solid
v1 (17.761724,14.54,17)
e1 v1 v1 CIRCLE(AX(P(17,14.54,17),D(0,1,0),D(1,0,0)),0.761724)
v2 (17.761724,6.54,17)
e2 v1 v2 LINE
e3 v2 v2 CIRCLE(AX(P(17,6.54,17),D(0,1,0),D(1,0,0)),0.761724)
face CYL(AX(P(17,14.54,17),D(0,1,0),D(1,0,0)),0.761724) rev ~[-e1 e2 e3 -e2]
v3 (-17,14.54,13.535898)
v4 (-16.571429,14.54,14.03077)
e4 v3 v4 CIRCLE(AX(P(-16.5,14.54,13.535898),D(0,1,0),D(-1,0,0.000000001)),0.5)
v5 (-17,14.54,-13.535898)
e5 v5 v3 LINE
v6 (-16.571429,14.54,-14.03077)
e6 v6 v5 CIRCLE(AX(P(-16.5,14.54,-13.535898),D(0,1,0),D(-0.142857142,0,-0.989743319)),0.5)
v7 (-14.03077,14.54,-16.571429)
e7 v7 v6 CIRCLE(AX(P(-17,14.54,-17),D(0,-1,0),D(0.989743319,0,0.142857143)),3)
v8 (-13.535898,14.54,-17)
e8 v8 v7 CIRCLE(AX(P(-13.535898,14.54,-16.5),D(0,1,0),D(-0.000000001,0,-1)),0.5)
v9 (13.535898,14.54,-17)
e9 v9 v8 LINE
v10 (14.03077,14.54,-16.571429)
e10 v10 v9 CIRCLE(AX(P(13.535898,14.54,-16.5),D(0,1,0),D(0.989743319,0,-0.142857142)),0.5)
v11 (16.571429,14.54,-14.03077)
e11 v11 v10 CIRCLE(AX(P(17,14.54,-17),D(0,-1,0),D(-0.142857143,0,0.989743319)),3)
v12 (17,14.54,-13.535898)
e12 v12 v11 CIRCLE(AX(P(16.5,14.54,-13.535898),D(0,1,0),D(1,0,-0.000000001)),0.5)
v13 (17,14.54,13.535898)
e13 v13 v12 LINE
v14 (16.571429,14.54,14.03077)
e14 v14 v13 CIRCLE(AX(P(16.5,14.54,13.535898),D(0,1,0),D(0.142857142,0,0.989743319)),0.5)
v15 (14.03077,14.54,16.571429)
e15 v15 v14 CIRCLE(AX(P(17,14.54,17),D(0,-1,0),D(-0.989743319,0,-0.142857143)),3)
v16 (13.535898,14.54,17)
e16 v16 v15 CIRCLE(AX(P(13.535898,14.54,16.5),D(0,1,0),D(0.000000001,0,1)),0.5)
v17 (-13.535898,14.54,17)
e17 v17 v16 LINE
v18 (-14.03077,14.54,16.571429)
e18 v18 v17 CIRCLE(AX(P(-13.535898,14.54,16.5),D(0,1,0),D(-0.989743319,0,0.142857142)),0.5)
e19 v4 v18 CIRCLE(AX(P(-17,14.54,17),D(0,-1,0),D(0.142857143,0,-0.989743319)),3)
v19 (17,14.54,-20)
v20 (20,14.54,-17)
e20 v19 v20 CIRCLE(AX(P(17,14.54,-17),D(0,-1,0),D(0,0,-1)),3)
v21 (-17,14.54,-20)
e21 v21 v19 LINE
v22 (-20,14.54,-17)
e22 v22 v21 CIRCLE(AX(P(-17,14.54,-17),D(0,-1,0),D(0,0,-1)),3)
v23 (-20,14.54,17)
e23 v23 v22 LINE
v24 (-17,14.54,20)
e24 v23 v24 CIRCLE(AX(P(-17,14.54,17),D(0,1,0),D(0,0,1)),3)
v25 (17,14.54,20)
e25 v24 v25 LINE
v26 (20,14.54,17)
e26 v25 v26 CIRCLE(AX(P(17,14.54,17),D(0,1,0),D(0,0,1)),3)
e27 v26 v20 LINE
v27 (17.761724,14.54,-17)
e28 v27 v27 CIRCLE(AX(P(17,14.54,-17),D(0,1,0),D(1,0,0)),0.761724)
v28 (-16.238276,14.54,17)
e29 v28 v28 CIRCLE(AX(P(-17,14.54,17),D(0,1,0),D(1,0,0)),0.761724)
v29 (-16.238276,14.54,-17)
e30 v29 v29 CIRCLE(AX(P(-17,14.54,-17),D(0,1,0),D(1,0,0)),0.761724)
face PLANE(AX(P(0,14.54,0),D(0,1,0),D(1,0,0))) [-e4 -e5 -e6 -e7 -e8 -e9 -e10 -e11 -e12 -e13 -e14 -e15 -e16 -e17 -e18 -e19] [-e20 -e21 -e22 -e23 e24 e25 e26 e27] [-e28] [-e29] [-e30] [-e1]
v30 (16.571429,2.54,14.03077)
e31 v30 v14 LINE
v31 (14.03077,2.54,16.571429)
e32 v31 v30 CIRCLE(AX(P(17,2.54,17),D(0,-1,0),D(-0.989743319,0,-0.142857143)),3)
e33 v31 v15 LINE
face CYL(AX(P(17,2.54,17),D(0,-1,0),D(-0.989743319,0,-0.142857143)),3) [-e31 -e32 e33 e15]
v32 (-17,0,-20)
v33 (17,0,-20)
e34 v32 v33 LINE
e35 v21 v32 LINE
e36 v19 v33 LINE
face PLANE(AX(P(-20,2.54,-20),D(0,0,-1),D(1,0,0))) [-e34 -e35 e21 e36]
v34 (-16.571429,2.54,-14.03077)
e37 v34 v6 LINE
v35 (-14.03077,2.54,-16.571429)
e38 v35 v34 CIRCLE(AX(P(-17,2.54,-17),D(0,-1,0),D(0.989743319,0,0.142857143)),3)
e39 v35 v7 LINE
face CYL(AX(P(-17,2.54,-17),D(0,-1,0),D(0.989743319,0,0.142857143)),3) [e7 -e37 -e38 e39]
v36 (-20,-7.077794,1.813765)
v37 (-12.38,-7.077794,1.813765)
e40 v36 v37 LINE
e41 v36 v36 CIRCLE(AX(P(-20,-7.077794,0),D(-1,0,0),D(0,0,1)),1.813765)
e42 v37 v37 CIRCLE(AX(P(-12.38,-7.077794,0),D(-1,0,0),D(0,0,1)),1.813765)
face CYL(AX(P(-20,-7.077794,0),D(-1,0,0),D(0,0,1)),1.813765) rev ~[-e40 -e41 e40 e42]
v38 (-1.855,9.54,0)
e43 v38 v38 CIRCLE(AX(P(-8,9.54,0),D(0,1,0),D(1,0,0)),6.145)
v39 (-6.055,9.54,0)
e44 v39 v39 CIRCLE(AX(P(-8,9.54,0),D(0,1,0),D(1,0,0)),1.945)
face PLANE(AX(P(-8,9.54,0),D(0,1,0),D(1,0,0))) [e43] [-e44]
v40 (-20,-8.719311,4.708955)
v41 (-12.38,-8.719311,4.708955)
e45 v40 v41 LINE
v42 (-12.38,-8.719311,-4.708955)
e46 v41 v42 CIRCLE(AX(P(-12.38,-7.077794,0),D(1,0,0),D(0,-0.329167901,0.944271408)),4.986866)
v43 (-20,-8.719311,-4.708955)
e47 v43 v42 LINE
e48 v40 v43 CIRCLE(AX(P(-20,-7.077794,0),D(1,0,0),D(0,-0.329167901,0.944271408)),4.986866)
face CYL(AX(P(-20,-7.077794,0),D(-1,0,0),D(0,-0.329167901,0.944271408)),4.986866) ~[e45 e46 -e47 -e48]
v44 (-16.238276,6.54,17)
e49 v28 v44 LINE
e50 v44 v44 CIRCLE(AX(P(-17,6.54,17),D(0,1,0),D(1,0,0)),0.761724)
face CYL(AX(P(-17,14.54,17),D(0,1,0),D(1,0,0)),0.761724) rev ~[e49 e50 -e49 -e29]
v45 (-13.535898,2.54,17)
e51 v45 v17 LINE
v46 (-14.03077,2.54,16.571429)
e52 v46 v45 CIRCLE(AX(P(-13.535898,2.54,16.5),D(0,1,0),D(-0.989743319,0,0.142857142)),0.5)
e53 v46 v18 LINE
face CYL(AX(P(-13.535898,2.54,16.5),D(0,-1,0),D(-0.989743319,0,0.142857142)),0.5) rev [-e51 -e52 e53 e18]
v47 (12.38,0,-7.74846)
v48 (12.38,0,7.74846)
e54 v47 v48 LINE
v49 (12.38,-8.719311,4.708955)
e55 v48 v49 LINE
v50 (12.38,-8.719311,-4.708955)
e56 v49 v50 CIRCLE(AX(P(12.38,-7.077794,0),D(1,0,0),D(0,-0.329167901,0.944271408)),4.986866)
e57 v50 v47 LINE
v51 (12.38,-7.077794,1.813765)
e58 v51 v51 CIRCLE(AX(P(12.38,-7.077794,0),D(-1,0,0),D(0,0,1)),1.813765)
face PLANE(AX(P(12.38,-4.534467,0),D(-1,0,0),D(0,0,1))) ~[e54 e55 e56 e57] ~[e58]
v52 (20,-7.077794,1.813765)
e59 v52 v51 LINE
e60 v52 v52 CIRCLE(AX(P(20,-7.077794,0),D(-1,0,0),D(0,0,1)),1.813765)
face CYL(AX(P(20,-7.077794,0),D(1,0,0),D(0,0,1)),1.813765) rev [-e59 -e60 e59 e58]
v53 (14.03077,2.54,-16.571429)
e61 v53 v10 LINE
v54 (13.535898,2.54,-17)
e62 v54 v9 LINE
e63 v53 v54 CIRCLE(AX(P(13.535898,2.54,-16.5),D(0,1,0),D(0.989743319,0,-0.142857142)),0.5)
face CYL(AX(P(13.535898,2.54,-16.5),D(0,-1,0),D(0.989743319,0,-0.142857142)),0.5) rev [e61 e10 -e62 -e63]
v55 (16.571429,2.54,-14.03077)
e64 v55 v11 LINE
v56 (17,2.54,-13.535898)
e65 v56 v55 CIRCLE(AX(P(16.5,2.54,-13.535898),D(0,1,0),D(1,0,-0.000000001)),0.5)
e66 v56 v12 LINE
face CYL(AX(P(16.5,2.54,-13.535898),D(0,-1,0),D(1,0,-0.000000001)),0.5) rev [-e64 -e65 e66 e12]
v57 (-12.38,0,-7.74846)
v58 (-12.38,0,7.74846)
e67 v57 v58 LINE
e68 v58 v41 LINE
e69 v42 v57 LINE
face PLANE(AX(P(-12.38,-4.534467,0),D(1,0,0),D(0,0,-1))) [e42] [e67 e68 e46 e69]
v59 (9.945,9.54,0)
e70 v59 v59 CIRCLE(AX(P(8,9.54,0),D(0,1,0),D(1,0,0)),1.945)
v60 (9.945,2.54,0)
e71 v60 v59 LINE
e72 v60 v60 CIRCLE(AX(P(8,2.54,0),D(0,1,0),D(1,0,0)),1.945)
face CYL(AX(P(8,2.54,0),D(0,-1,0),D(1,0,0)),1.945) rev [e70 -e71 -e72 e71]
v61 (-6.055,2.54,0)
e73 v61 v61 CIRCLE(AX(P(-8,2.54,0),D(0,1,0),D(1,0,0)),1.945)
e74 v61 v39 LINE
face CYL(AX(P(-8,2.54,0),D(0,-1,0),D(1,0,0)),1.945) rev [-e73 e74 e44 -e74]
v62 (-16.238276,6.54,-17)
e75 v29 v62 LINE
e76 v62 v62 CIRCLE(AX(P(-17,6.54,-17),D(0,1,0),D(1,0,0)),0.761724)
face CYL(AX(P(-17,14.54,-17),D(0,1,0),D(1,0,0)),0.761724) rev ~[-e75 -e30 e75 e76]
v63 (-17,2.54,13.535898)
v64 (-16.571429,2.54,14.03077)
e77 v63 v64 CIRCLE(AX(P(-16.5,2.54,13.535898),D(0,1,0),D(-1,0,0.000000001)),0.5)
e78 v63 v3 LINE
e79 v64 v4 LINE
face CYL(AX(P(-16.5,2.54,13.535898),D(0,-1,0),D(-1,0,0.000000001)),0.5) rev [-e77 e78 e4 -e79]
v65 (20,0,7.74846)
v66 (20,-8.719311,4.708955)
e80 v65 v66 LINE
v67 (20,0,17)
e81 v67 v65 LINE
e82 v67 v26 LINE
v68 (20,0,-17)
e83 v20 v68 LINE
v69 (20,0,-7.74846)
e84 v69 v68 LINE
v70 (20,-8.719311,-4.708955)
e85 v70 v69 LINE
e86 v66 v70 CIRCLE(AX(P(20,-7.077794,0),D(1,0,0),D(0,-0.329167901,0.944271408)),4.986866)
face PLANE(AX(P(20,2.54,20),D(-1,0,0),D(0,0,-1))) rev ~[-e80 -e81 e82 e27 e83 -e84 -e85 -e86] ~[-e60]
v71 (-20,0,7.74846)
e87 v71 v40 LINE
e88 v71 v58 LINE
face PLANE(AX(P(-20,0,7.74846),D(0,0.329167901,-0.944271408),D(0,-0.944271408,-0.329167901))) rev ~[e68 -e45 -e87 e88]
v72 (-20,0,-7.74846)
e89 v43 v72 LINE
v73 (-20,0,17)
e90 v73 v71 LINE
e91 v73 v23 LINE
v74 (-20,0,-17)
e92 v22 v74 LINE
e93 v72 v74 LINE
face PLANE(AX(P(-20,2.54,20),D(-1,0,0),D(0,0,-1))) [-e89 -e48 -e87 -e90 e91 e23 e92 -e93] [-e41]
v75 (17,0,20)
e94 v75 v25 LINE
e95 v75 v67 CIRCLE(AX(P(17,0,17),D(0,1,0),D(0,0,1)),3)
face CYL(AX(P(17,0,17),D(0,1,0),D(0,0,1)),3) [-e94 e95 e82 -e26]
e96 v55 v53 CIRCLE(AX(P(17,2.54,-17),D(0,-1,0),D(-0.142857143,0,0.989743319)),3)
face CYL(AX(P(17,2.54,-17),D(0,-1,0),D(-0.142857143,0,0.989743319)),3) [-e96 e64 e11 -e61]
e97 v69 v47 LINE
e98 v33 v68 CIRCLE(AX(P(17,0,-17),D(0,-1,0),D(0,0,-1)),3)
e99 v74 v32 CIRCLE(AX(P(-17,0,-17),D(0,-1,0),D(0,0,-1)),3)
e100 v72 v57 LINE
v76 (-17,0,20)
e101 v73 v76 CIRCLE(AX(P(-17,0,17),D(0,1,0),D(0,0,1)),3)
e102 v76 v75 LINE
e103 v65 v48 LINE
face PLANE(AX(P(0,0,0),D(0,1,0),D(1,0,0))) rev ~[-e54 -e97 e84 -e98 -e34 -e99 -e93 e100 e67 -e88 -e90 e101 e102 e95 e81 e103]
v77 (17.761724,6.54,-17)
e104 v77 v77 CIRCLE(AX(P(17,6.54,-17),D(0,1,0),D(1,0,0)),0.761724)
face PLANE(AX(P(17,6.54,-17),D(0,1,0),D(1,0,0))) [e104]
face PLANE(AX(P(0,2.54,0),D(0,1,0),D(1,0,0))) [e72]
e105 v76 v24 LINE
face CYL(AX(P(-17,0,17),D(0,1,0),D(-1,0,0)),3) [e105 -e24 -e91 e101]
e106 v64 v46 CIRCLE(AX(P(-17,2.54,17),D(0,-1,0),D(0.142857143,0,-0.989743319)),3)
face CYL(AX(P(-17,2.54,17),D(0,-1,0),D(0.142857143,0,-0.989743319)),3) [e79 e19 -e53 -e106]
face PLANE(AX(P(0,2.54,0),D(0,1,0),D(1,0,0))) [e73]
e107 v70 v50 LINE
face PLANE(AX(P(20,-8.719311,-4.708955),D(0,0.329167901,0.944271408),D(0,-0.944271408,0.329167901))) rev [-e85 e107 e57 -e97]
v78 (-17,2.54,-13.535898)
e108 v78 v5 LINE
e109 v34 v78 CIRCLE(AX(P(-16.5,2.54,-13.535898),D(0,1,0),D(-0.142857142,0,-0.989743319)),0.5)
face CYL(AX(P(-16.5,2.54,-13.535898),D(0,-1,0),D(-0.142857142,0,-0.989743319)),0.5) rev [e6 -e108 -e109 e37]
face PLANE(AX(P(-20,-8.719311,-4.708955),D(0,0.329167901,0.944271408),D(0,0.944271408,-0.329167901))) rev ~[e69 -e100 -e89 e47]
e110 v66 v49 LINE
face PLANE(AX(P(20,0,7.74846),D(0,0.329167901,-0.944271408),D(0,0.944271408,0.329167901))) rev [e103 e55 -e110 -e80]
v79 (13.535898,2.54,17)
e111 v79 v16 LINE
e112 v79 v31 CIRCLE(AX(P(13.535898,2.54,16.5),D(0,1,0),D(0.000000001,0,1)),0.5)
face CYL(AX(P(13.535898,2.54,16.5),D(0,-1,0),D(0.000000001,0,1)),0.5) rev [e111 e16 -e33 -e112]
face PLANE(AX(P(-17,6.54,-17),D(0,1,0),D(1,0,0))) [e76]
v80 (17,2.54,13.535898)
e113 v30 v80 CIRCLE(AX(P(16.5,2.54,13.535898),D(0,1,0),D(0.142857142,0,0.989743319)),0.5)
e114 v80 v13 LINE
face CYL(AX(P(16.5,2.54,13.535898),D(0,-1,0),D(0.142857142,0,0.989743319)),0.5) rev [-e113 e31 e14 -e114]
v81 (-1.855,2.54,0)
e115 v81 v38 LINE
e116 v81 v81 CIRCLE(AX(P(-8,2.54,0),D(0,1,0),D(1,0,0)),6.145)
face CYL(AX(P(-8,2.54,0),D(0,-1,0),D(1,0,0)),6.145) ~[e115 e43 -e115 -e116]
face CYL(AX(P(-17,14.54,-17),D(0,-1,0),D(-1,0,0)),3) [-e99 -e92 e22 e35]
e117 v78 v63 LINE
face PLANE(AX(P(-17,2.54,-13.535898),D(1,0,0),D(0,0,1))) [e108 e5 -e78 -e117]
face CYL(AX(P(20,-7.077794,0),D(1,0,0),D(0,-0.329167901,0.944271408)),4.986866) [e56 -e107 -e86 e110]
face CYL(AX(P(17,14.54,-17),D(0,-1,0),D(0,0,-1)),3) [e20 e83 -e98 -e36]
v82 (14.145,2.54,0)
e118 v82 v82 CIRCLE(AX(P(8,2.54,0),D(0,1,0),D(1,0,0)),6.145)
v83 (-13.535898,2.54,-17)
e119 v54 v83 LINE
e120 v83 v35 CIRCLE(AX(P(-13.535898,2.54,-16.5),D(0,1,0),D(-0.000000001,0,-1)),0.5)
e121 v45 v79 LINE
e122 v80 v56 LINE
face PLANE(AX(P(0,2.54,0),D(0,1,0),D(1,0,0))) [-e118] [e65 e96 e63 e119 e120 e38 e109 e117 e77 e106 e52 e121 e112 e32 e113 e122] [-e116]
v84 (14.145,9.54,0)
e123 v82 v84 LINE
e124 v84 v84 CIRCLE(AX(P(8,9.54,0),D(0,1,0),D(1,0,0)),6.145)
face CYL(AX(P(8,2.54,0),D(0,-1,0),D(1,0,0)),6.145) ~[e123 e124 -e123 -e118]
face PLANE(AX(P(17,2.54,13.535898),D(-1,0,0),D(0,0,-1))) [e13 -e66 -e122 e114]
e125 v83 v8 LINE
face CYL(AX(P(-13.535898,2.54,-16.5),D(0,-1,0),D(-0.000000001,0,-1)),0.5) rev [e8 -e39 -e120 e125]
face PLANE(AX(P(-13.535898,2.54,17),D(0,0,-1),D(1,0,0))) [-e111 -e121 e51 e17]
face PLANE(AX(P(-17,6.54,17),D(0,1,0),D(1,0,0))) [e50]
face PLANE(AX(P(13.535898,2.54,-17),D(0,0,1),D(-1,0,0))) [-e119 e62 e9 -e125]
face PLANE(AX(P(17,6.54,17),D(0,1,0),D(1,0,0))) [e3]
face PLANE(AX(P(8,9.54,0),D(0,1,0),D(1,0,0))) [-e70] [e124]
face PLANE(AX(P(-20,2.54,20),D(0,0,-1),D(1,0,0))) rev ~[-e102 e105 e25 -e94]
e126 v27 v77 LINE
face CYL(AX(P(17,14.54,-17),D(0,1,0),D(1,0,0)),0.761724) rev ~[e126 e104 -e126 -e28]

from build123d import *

# Parameters (mm, degrees)
SKETCH1_W           = 40
SKETCH1_H           = 40
BOSS_EXTRUDE1_DEPTH = 2.54
SKETCH2_W           = 40
SKETCH2_H           = 40
BOSS_EXTRUDE2_DEPTH = 12
SKETCH4_R           = 1.813765306
BOSS_EXTRUDE4_DEPTH = 7.62
SKETCH9_R           = 6.145
SKETCH9_R_2         = 1.945
BOSS_EXTRUDE5_DEPTH = 7
FILLET1_R           = 3
SKETCH10_R          = 0.761723834
CUT_EXTRUDE1_DEPTH  = 8


with BuildPart() as part:
    # Sketch1 → Boss-Extrude1 (new body)
    with BuildSketch(Plane(origin=(0, 0, 0), x_dir=(1, 0, 0), z_dir=(0, 1, 0))):
        Rectangle(SKETCH1_W, SKETCH1_H)
    extrude(amount=BOSS_EXTRUDE1_DEPTH)

    # Sketch2 → Boss-Extrude2 (add)
    with BuildSketch(Plane(origin=(0, 2.54, 0), x_dir=(1, 0, 0), z_dir=(0, 1, 0))):
        Rectangle(SKETCH2_W, SKETCH2_H)
        with BuildLine():
            Line((-17, 13.535898385), (-17, -13.535898385))
            ThreePointArc((-17, -13.535898385), (-16.877964473, -13.86322522), (-16.571428571, -14.030770044))
            ThreePointArc((-16.571428571, -14.030770044), (-14.878679656, -14.878679656), (-14.030770044, -16.571428571))
            ThreePointArc((-14.030770044, -16.571428571), (-13.86322522, -16.877964473), (-13.535898385, -17))
            Line((-13.535898385, -17), (13.535898385, -17))
            ThreePointArc((13.535898385, -17), (13.86322522, -16.877964473), (14.030770044, -16.571428571))
            ThreePointArc((14.030770044, -16.571428571), (14.878679656, -14.878679656), (16.571428571, -14.030770044))
            ThreePointArc((16.571428571, -14.030770044), (16.877964473, -13.86322522), (17, -13.535898385))
            Line((17, -13.535898385), (17, 13.535898385))
            ThreePointArc((17, 13.535898385), (16.877964473, 13.86322522), (16.571428571, 14.030770044))
            ThreePointArc((16.571428571, 14.030770044), (14.878679656, 14.878679656), (14.030770044, 16.571428571))
            ThreePointArc((14.030770044, 16.571428571), (13.86322522, 16.877964473), (13.535898385, 17))
            Line((13.535898385, 17), (-13.535898385, 17))
            ThreePointArc((-13.535898385, 17), (-13.86322522, 16.877964473), (-14.030770044, 16.571428571))
            ThreePointArc((-14.030770044, 16.571428571), (-14.878679656, 14.878679656), (-16.571428571, 14.030770044))
            ThreePointArc((-16.571428571, 14.030770044), (-16.877964473, 13.86322522), (-17, 13.535898385))
        make_face(mode=Mode.SUBTRACT)
    extrude(amount=BOSS_EXTRUDE2_DEPTH)

    # Sketch4 → Boss-Extrude4 (add)
    with BuildSketch(Plane.ZY.offset(20)):
        with BuildLine():
            Line((7.748459825, 0), (4.708955343, -8.719310622))
            ThreePointArc((4.708955343, -8.719310622), (0, -12.064660663), (-4.708955343, -8.719310622))
            Line((-4.708955343, -8.719310622), (-7.748459825, 0))
            Line((-7.748459825, 0), (7.748459825, 0))
        make_face()
        with Locations((0, -7.077794281)):
            Circle(SKETCH4_R, mode=Mode.SUBTRACT)
    boss_extrude4 = extrude(amount=-BOSS_EXTRUDE4_DEPTH)

    # Mirror1: Boss-Extrude4 across plane
    add(boss_extrude4.mirror(Plane(origin=(0, 0, 0), x_dir=(0, 0, 1), z_dir=(1, 0, 0))))

    # Sketch9 → Boss-Extrude5 (add)
    with BuildSketch(Plane(origin=(0, 2.54, 0), x_dir=(1, 0, 0), z_dir=(0, 1, 0))):
        with Locations((8, 0)):
            Circle(SKETCH9_R)
        with Locations((8, 0)):
            Circle(SKETCH9_R_2, mode=Mode.SUBTRACT)
        with Locations((-8, 0)):
            Circle(SKETCH9_R)
        with Locations((-8, 0)):
            Circle(SKETCH9_R_2, mode=Mode.SUBTRACT)
    extrude(amount=BOSS_EXTRUDE5_DEPTH)

    # Fillet1
    fillet1_edges = [part.edges().sort_by_distance(p)[0] for p in [
        (20, 7.27, 20),
        (-20, 7.27, 20),
        (-20, 7.27, -20),
        (20, 7.27, -20),
    ]]
    fillet(fillet1_edges, radius=FILLET1_R)

    # Sketch10 → Cut-Extrude1 (cut)
    with BuildSketch(Plane(origin=(0, 14.54, 0), x_dir=(1, 0, 0), z_dir=(0, 1, 0))):
        with Locations((-17, 17)):
            Circle(SKETCH10_R)
        with Locations((17, 17)):
            Circle(SKETCH10_R)
        with Locations((-17, -17)):
            Circle(SKETCH10_R)
        with Locations((17, -17)):
            Circle(SKETCH10_R)
    extrude(amount=-CUT_EXTRUDE1_DEPTH, mode=Mode.SUBTRACT)


solid = part.part
